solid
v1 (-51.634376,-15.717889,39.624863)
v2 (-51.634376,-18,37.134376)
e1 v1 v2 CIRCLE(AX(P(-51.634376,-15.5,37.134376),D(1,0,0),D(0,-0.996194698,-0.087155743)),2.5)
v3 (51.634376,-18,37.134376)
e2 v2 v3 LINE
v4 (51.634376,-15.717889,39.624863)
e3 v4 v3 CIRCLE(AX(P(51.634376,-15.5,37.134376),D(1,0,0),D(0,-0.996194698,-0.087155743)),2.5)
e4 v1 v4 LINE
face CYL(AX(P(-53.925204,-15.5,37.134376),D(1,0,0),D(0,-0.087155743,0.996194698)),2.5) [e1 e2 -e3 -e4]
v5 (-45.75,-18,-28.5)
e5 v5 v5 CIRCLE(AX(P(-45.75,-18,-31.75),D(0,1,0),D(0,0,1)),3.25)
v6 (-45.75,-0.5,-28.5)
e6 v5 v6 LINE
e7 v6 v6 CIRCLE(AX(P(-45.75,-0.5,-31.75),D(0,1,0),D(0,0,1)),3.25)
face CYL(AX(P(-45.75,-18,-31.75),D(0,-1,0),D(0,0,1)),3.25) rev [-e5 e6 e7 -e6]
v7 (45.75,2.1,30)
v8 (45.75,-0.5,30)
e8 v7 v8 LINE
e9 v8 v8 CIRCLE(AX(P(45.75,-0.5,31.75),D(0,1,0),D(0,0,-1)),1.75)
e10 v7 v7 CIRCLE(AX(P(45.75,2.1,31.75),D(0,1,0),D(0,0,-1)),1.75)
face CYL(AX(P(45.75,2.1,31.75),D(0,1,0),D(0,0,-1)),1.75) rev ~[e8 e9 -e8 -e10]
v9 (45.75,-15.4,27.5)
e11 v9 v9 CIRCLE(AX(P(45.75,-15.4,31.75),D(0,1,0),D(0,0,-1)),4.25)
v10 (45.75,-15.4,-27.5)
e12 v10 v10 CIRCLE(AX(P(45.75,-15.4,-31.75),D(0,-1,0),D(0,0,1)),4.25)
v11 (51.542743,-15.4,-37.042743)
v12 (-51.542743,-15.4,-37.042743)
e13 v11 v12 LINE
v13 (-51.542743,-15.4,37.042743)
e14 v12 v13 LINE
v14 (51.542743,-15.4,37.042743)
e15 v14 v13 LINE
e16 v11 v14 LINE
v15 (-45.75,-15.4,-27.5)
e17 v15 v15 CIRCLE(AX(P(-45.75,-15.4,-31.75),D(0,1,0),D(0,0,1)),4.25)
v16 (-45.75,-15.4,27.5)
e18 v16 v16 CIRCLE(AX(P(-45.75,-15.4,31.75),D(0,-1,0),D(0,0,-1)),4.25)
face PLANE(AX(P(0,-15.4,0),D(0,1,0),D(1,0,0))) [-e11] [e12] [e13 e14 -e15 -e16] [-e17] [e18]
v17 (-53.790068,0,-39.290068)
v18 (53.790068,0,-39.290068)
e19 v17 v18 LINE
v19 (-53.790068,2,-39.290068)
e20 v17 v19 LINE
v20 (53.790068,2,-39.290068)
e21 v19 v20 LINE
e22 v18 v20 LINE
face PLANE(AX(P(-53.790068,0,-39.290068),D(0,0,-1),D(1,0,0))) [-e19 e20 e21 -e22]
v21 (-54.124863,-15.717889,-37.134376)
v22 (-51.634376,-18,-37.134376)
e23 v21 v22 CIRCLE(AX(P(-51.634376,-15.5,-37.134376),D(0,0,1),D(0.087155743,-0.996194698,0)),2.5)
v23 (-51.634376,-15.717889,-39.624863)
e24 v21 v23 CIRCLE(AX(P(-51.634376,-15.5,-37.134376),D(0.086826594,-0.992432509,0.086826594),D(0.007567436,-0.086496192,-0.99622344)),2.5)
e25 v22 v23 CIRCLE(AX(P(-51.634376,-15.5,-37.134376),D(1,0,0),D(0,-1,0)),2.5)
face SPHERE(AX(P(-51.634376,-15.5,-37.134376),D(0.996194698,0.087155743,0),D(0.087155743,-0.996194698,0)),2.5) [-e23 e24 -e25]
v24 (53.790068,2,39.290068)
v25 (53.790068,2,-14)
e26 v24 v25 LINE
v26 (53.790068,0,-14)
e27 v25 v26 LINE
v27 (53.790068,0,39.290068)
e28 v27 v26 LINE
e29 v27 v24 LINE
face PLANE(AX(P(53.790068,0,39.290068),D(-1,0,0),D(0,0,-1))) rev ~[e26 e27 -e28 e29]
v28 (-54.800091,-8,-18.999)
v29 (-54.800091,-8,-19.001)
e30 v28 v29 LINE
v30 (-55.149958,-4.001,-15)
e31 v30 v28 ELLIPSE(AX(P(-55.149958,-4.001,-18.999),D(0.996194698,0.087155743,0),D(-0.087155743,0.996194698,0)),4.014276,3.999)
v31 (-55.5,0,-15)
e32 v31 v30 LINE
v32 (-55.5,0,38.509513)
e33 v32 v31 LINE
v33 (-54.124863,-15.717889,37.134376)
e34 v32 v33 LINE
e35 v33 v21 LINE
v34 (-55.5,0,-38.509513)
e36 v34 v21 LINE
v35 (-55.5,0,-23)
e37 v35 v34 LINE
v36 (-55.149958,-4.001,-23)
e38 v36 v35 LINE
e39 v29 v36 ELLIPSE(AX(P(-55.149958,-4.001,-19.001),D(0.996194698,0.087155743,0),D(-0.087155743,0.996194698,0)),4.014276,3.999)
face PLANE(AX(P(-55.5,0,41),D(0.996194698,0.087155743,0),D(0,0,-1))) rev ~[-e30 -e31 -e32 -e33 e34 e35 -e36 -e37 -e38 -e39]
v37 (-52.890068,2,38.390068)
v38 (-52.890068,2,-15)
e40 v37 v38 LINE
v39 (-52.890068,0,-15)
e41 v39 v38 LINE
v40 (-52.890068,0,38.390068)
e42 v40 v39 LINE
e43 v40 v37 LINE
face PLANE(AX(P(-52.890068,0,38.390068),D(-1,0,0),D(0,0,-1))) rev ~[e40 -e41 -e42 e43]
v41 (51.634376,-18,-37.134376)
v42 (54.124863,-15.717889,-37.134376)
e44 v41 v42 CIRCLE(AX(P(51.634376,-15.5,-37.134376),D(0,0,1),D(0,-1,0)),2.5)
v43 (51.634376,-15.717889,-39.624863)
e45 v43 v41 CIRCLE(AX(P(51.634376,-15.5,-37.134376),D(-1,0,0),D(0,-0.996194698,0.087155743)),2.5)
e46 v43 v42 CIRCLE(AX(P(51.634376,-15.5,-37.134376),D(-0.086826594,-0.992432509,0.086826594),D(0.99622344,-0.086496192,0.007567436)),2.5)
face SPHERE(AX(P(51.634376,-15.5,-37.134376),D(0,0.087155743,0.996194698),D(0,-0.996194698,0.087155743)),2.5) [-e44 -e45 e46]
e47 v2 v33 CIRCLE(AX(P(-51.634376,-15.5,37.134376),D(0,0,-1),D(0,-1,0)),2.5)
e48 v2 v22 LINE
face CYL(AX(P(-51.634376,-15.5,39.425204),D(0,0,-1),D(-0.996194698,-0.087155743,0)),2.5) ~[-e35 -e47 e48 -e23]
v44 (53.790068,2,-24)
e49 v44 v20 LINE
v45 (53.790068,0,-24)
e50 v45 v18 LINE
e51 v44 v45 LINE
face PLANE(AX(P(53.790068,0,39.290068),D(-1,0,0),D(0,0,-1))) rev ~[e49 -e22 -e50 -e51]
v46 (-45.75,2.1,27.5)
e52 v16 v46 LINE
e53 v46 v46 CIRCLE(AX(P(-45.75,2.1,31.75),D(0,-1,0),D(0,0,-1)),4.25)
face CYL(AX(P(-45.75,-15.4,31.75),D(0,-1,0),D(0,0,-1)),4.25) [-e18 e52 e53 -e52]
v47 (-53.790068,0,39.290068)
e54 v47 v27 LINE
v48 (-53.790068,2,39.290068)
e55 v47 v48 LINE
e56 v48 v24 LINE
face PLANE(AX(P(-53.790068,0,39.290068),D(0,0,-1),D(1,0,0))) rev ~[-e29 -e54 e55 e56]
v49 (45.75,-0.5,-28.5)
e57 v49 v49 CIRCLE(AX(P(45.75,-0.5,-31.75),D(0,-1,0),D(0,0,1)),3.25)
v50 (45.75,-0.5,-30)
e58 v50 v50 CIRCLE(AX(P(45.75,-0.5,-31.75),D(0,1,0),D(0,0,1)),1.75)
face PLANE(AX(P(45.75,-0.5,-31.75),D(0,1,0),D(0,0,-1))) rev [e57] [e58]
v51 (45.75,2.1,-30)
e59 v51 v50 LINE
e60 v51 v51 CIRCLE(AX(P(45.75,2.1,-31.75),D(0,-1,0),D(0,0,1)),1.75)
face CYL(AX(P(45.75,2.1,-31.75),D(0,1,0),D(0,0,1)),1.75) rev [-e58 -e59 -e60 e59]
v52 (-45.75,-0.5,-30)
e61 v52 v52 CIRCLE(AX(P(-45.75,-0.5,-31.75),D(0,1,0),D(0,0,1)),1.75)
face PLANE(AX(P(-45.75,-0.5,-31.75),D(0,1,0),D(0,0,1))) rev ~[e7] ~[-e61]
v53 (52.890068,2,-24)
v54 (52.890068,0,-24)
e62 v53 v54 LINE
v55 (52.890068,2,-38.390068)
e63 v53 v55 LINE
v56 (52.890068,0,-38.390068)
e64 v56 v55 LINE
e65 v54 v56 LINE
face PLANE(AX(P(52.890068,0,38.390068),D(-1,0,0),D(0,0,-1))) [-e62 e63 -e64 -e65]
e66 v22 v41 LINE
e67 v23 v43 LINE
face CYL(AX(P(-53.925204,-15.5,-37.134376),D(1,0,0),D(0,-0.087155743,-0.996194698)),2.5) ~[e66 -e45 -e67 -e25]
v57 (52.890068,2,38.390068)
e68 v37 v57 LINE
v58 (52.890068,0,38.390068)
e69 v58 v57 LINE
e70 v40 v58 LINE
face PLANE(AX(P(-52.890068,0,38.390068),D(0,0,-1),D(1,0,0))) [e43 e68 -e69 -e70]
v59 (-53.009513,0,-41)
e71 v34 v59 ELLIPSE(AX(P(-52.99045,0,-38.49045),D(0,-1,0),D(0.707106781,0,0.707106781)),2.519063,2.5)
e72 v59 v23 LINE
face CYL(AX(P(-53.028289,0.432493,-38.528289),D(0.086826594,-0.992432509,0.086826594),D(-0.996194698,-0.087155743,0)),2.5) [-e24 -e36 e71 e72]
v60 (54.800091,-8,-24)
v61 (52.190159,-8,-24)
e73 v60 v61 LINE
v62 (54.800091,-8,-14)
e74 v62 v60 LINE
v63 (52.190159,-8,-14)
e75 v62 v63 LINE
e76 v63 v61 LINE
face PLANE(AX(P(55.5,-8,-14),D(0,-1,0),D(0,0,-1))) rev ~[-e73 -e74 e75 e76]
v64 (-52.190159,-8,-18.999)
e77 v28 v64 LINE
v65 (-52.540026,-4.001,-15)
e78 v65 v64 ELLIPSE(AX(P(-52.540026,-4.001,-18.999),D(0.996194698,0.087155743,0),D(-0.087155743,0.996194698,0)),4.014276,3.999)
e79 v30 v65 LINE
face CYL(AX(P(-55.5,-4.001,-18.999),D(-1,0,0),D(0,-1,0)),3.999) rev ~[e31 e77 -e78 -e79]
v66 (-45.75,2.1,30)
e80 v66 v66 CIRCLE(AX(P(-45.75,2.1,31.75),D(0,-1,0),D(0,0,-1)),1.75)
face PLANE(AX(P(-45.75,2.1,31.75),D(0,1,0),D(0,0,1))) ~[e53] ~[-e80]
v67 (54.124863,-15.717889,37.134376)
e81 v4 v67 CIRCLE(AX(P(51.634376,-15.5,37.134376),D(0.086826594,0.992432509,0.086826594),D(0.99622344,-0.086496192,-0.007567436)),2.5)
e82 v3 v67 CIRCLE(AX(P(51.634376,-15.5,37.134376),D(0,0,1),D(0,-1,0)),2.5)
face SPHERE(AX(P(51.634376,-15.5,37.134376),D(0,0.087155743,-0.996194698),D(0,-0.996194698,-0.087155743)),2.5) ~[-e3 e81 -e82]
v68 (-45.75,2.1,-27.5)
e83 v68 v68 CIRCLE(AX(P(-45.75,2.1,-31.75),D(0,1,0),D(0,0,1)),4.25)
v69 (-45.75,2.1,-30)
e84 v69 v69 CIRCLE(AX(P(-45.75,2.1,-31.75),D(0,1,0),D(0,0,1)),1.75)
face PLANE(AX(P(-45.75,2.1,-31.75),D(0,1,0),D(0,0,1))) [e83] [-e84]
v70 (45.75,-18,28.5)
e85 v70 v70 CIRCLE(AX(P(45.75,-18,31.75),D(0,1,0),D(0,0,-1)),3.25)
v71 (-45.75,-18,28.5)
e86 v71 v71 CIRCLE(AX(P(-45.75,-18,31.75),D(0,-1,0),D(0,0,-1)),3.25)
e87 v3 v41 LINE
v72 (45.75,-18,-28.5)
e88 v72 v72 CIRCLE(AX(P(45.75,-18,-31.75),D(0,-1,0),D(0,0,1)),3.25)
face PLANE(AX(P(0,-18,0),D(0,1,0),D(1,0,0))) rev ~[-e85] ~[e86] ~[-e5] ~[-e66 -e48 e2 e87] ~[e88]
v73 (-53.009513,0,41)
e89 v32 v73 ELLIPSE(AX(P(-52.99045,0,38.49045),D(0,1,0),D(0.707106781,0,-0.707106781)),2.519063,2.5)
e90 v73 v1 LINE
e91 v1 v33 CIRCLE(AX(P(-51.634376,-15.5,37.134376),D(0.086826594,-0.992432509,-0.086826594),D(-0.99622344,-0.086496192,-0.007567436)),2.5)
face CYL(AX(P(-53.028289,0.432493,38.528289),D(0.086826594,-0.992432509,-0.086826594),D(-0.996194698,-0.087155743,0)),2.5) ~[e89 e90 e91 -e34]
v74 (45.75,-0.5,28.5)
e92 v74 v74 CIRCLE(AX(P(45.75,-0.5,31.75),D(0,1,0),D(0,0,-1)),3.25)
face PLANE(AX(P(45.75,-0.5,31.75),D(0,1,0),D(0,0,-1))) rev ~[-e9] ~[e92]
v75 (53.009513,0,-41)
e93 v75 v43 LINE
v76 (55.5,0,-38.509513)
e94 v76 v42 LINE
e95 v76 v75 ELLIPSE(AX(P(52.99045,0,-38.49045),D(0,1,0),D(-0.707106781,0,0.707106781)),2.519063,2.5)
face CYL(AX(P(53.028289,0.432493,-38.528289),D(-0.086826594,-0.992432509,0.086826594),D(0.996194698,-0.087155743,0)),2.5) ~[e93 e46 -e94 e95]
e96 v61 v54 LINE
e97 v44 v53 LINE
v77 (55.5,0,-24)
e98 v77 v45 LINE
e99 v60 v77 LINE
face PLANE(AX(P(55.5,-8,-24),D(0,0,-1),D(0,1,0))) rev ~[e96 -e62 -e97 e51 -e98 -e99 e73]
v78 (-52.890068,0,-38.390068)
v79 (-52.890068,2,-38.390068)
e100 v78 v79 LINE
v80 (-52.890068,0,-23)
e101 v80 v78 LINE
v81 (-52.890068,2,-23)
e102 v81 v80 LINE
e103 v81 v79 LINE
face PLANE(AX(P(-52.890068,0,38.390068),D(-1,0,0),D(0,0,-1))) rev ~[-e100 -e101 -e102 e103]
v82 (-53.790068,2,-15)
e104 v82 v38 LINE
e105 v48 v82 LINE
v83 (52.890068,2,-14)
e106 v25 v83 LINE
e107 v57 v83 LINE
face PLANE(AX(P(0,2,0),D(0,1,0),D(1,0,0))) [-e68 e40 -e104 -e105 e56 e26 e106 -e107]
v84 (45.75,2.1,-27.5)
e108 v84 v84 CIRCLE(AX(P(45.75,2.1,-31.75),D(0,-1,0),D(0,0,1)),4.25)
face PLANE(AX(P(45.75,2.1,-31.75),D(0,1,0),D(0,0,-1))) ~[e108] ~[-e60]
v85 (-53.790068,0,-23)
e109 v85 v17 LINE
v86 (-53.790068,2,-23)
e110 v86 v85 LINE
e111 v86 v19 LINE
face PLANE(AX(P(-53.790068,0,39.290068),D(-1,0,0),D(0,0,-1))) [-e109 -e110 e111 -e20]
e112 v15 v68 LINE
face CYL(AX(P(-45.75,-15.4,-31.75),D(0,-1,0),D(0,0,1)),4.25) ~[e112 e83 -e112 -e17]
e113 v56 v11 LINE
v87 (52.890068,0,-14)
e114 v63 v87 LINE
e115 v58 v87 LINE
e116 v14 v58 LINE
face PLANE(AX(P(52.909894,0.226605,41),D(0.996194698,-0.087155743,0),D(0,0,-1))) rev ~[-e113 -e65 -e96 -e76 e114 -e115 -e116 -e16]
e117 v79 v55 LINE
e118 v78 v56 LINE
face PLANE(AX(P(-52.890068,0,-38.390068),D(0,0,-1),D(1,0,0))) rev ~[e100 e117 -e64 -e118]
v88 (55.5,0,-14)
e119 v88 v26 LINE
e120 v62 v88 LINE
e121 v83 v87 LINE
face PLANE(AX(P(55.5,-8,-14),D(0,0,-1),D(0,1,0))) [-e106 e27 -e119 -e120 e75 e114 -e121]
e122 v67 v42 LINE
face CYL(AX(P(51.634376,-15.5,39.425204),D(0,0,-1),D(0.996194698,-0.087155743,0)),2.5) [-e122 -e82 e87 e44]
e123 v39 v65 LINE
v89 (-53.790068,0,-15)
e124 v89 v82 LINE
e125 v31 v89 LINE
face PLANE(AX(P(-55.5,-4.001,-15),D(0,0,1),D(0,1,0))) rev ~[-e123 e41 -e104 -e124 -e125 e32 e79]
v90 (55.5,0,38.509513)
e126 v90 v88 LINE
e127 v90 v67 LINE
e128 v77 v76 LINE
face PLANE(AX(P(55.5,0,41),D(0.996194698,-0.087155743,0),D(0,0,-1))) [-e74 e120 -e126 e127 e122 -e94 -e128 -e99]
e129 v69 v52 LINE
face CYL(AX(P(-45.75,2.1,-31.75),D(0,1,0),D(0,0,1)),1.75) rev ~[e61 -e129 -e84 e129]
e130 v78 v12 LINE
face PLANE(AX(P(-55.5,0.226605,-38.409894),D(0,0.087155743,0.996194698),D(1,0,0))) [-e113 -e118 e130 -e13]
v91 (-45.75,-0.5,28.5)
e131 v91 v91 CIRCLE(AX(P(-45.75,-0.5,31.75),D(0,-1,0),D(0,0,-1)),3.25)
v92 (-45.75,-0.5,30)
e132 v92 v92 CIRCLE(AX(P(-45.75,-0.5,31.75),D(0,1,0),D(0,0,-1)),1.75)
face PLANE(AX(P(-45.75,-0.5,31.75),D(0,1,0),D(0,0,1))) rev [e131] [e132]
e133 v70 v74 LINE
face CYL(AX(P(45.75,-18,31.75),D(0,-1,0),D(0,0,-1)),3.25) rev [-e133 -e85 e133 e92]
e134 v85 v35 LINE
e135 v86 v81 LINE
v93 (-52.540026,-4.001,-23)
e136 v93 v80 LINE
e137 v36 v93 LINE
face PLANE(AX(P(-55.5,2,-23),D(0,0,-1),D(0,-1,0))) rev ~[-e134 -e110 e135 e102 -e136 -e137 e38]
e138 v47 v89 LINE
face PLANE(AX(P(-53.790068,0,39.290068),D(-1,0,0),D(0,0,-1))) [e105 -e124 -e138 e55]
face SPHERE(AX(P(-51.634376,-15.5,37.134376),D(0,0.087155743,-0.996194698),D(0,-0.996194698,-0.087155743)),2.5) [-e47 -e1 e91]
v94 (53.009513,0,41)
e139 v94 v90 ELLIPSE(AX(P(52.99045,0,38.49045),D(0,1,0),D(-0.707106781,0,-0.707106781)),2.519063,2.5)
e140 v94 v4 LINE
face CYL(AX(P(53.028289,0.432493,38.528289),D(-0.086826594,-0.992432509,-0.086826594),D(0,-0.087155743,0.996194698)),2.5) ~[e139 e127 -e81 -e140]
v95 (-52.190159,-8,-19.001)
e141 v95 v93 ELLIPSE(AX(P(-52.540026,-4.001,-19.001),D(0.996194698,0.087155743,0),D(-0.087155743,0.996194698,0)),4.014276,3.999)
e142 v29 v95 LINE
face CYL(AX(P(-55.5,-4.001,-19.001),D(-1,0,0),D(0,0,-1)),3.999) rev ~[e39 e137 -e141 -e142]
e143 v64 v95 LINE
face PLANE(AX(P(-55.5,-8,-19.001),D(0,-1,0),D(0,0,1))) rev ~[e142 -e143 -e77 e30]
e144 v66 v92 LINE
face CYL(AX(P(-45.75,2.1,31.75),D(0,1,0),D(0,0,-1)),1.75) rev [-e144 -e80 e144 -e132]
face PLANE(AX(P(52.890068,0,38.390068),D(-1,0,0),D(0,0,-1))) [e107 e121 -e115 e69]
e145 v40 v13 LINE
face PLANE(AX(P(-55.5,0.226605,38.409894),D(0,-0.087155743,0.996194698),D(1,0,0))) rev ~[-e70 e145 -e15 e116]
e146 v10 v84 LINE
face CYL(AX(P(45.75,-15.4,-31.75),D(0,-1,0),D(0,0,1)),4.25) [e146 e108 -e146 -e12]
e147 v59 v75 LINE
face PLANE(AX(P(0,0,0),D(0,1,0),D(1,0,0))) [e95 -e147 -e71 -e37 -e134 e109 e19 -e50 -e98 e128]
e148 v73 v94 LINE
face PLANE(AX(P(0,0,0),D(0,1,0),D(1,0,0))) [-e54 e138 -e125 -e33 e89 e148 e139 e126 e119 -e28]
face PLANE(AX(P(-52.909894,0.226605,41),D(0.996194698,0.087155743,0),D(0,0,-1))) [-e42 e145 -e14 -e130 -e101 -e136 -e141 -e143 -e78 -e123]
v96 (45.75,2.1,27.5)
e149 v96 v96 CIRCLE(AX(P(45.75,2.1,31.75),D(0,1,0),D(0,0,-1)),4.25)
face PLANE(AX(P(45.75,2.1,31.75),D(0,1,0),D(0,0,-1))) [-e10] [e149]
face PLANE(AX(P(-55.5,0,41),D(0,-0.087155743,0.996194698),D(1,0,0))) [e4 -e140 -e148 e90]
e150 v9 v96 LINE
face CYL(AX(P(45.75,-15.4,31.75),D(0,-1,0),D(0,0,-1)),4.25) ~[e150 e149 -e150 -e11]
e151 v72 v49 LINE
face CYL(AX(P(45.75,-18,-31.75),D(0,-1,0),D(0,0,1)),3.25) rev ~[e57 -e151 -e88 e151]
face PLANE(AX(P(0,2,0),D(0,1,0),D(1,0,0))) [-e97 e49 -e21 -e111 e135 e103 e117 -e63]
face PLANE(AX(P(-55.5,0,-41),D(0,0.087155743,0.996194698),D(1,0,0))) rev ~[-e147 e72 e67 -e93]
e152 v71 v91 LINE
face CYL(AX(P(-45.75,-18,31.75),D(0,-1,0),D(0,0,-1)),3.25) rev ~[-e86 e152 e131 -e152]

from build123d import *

# Parameters (mm, degrees)
SKETCH_1_W               = 111
SKETCH_1_H               = 82
EXTRUDE_1_DEPTH          = 18
EXTRUDE_1_DRAFT          = -5
SHELL_1_T                = -2.6
FILLET_1_R               = 2.5
SKETCH_2_W               = 107.580136844
SKETCH_2_H               = 78.580136844
SKETCH_2_W_2             = 105.780136844
SKETCH_2_H_2             = 76.780136844
EXTRUDE_2_DEPTH          = 2
SKETCH_4_R               = 4.25
EXTRUDE_3_DEPTH          = 17.5
MIRROR_2_COPY_1_SKETCH_R = 4.25
MIRROR_2_COPY_1_DEPTH    = 17.5
SKETCH_5_R               = 3.25
CUT_EXTRUDE_2_DEPTH      = 17.5
MIRROR_4_COPY_1_SKETCH_R = 3.25
MIRROR_4_COPY_1_DEPTH    = 17.5
SKETCH_6_R               = 1.75
CUT_EXTRUDE_3_DEPTH      = 3
MIRROR_6_COPY_1_SKETCH_R = 1.75
MIRROR_6_COPY_1_DEPTH    = 3
CUT_EXTRUDE_4_DEPTH      = 5
SKETCH_8_W               = 10
SKETCH_8_H               = 10
CUT_EXTRUDE_5_DEPTH      = 5


with BuildPart() as part:
    # Эскиз1 → Бобышка-Вытянуть1 (with draft: the straight prism first)
    with BuildSketch(Plane(origin=(0, 0, 0), x_dir=(1, 0, 0), z_dir=(0, 1, 0))):
        Rectangle(SKETCH_1_W, SKETCH_1_H)
    extrude(amount=-EXTRUDE_1_DEPTH)
    # Бобышка-Вытянуть1: the draft: its side faces are tilted about the plane it starts from
    extrude_1_sides = [part.faces().sort_by_distance(p)[0] for p in [
        (-55.5, -9, 0),
        (0, -9, 41),
        (55.5, -9, 0),
        (0, -9, -41),
    ]]
    draft(extrude_1_sides, Plane(origin=(0, 0, 0), x_dir=(1, 0, 0), z_dir=(0, 1, 0)), EXTRUDE_1_DRAFT)

    # Оболочка1
    shell_1_openings = [part.faces().sort_by_distance(p)[0] for p in [
        (0, 0, 0),
    ]]
    offset(amount=SHELL_1_T, openings=shell_1_openings, kind=Kind.INTERSECTION)

    # Скругление1
    fillet_1_edges = [part.edges().sort_by_distance(p)[0] for p in [
        (53.925204057, -18, 0),
        (0, -18, -39.425204057),
        (-53.925204057, -18, 0),
        (0, -18, 39.425204057),
        (-54.712602028, -9, -40.212602028),
        (54.712602028, -9, -40.212602028),
        (54.712602028, -9, 40.212602028),
        (-54.712602028, -9, 40.212602028),
    ]]
    fillet(fillet_1_edges, radius=FILLET_1_R)

    # Эскиз2 → Бобышка-Вытянуть2 (add)
    with BuildSketch(Plane(origin=(0, 0, 0), x_dir=(1, 0, 0), z_dir=(0, 1, 0))):
        Rectangle(SKETCH_2_W, SKETCH_2_H)
        Rectangle(SKETCH_2_W_2, SKETCH_2_H_2, mode=Mode.SUBTRACT)
    extrude(amount=EXTRUDE_2_DEPTH)

    # Эскиз4 → Бобышка-Вытянуть3 (add)
    with BuildSketch(Plane(origin=(0, -15.4, 0), x_dir=(1, 0, 0), z_dir=(0, 1, 0))):
        with Locations(Location((-45.75, 31.75, 0), (0, 0, 270))):
            Circle(SKETCH_4_R)
    extrude_3 = extrude(amount=EXTRUDE_3_DEPTH)

    # Зеркальное отражение1: Бобышка-Вытянуть3 across plane
    add(extrude_3.mirror(Plane(origin=(0, 0, 0), x_dir=(0, 0, 1), z_dir=(1, 0, 0))))

    # Зеркальное отражение2: Бобышка-Вытянуть3 across plane
    add(extrude_3.mirror(Plane.XY))

    # Зеркальное отражение2 copy 1 sketch → Зеркальное отражение2 copy 1 (add)
    with BuildSketch(Plane(origin=(0, -15.4, 0), x_dir=(-1, 0, 0), z_dir=(0, 1, 0))):
        with Locations(Location((-45.75, 31.75, 0), (0, 0, 270))):
            Circle(MIRROR_2_COPY_1_SKETCH_R)
    extrude(amount=MIRROR_2_COPY_1_DEPTH)

    # Эскиз5 → Вырез-Вытянуть2 (cut)
    with BuildSketch(Plane(origin=(0, -18, 0), x_dir=(1, 0, 0), z_dir=(0, 1, 0))):
        with Locations(Location((-45.75, 31.75, 0), (0, 0, 270))):
            Circle(SKETCH_5_R)
    cut_extrude_2 = extrude(amount=CUT_EXTRUDE_2_DEPTH, mode=Mode.SUBTRACT)

    # Зеркальное отражение3: Вырез-Вытянуть2 across plane
    add(cut_extrude_2.mirror(Plane(origin=(0, 0, 0), x_dir=(0, 0, 1), z_dir=(1, 0, 0))), mode=Mode.SUBTRACT)

    # Зеркальное отражение4: Вырез-Вытянуть2 across plane
    add(cut_extrude_2.mirror(Plane.XY), mode=Mode.SUBTRACT)

    # Зеркальное отражение4 copy 1 sketch → Зеркальное отражение4 copy 1 (cut)
    with BuildSketch(Plane(origin=(0, -18, 0), x_dir=(-1, 0, 0), z_dir=(0, 1, 0))):
        with Locations(Location((-45.75, 31.75, 0), (0, 0, 270))):
            Circle(MIRROR_4_COPY_1_SKETCH_R)
    extrude(amount=MIRROR_4_COPY_1_DEPTH, mode=Mode.SUBTRACT)

    # Эскиз6 → Вырез-Вытянуть3 (cut)
    with BuildSketch(Plane(origin=(0, 2.1, 0), x_dir=(-1, 0, 0), z_dir=(0, 1, 0))):
        with Locations(Location((45.75, -31.75, 0), (0, 0, 90))):
            Circle(SKETCH_6_R)
    cut_extrude_3 = extrude(amount=-CUT_EXTRUDE_3_DEPTH, mode=Mode.SUBTRACT)

    # Зеркальное отражение5: Вырез-Вытянуть3 across plane
    add(cut_extrude_3.mirror(Plane(origin=(0, 0, 0), x_dir=(0, 0, 1), z_dir=(1, 0, 0))), mode=Mode.SUBTRACT)

    # Зеркальное отражение6: Вырез-Вытянуть3 across plane
    add(cut_extrude_3.mirror(Plane.XY), mode=Mode.SUBTRACT)

    # Зеркальное отражение6 copy 1 sketch → Зеркальное отражение6 copy 1 (cut)
    with BuildSketch(Plane(origin=(0, 2.1, 0), x_dir=(1, 0, 0), z_dir=(0, 1, 0))):
        with Locations(Location((45.75, -31.75, 0), (0, 0, 90))):
            Circle(MIRROR_6_COPY_1_SKETCH_R)
    extrude(amount=-MIRROR_6_COPY_1_DEPTH, mode=Mode.SUBTRACT)

    # Эскиз7 → Вырез-Вытянуть4 (cut)
    with BuildSketch(Plane(origin=(-55.5, 0, 0), x_dir=(0, 0, -1), z_dir=(1, 0, 0))):
        with BuildLine():
            Line((19.001, -8), (18.999, -8))
            ThreePointArc((18.999, -8), (16.171279982, -6.828720018), (15, -4.001))
            Line((15, -4.001), (15, 2))
            Line((15, 2), (23, 2))
            Line((23, 2), (23, -4.001))
            ThreePointArc((23, -4.001), (21.828720018, -6.828720018), (19.001, -8))
        make_face()
    extrude(amount=CUT_EXTRUDE_4_DEPTH, mode=Mode.SUBTRACT)

    # Эскиз8 → Вырез-Вытянуть5 (cut)
    with BuildSketch(Plane(origin=(55.5, 0, 0), x_dir=(0, 0, -1), z_dir=(1, 0, 0))):
        with Locations((19, -3)):
            Rectangle(SKETCH_8_W, SKETCH_8_H)
    extrude(amount=-CUT_EXTRUDE_5_DEPTH, mode=Mode.SUBTRACT)


solid = part.part
